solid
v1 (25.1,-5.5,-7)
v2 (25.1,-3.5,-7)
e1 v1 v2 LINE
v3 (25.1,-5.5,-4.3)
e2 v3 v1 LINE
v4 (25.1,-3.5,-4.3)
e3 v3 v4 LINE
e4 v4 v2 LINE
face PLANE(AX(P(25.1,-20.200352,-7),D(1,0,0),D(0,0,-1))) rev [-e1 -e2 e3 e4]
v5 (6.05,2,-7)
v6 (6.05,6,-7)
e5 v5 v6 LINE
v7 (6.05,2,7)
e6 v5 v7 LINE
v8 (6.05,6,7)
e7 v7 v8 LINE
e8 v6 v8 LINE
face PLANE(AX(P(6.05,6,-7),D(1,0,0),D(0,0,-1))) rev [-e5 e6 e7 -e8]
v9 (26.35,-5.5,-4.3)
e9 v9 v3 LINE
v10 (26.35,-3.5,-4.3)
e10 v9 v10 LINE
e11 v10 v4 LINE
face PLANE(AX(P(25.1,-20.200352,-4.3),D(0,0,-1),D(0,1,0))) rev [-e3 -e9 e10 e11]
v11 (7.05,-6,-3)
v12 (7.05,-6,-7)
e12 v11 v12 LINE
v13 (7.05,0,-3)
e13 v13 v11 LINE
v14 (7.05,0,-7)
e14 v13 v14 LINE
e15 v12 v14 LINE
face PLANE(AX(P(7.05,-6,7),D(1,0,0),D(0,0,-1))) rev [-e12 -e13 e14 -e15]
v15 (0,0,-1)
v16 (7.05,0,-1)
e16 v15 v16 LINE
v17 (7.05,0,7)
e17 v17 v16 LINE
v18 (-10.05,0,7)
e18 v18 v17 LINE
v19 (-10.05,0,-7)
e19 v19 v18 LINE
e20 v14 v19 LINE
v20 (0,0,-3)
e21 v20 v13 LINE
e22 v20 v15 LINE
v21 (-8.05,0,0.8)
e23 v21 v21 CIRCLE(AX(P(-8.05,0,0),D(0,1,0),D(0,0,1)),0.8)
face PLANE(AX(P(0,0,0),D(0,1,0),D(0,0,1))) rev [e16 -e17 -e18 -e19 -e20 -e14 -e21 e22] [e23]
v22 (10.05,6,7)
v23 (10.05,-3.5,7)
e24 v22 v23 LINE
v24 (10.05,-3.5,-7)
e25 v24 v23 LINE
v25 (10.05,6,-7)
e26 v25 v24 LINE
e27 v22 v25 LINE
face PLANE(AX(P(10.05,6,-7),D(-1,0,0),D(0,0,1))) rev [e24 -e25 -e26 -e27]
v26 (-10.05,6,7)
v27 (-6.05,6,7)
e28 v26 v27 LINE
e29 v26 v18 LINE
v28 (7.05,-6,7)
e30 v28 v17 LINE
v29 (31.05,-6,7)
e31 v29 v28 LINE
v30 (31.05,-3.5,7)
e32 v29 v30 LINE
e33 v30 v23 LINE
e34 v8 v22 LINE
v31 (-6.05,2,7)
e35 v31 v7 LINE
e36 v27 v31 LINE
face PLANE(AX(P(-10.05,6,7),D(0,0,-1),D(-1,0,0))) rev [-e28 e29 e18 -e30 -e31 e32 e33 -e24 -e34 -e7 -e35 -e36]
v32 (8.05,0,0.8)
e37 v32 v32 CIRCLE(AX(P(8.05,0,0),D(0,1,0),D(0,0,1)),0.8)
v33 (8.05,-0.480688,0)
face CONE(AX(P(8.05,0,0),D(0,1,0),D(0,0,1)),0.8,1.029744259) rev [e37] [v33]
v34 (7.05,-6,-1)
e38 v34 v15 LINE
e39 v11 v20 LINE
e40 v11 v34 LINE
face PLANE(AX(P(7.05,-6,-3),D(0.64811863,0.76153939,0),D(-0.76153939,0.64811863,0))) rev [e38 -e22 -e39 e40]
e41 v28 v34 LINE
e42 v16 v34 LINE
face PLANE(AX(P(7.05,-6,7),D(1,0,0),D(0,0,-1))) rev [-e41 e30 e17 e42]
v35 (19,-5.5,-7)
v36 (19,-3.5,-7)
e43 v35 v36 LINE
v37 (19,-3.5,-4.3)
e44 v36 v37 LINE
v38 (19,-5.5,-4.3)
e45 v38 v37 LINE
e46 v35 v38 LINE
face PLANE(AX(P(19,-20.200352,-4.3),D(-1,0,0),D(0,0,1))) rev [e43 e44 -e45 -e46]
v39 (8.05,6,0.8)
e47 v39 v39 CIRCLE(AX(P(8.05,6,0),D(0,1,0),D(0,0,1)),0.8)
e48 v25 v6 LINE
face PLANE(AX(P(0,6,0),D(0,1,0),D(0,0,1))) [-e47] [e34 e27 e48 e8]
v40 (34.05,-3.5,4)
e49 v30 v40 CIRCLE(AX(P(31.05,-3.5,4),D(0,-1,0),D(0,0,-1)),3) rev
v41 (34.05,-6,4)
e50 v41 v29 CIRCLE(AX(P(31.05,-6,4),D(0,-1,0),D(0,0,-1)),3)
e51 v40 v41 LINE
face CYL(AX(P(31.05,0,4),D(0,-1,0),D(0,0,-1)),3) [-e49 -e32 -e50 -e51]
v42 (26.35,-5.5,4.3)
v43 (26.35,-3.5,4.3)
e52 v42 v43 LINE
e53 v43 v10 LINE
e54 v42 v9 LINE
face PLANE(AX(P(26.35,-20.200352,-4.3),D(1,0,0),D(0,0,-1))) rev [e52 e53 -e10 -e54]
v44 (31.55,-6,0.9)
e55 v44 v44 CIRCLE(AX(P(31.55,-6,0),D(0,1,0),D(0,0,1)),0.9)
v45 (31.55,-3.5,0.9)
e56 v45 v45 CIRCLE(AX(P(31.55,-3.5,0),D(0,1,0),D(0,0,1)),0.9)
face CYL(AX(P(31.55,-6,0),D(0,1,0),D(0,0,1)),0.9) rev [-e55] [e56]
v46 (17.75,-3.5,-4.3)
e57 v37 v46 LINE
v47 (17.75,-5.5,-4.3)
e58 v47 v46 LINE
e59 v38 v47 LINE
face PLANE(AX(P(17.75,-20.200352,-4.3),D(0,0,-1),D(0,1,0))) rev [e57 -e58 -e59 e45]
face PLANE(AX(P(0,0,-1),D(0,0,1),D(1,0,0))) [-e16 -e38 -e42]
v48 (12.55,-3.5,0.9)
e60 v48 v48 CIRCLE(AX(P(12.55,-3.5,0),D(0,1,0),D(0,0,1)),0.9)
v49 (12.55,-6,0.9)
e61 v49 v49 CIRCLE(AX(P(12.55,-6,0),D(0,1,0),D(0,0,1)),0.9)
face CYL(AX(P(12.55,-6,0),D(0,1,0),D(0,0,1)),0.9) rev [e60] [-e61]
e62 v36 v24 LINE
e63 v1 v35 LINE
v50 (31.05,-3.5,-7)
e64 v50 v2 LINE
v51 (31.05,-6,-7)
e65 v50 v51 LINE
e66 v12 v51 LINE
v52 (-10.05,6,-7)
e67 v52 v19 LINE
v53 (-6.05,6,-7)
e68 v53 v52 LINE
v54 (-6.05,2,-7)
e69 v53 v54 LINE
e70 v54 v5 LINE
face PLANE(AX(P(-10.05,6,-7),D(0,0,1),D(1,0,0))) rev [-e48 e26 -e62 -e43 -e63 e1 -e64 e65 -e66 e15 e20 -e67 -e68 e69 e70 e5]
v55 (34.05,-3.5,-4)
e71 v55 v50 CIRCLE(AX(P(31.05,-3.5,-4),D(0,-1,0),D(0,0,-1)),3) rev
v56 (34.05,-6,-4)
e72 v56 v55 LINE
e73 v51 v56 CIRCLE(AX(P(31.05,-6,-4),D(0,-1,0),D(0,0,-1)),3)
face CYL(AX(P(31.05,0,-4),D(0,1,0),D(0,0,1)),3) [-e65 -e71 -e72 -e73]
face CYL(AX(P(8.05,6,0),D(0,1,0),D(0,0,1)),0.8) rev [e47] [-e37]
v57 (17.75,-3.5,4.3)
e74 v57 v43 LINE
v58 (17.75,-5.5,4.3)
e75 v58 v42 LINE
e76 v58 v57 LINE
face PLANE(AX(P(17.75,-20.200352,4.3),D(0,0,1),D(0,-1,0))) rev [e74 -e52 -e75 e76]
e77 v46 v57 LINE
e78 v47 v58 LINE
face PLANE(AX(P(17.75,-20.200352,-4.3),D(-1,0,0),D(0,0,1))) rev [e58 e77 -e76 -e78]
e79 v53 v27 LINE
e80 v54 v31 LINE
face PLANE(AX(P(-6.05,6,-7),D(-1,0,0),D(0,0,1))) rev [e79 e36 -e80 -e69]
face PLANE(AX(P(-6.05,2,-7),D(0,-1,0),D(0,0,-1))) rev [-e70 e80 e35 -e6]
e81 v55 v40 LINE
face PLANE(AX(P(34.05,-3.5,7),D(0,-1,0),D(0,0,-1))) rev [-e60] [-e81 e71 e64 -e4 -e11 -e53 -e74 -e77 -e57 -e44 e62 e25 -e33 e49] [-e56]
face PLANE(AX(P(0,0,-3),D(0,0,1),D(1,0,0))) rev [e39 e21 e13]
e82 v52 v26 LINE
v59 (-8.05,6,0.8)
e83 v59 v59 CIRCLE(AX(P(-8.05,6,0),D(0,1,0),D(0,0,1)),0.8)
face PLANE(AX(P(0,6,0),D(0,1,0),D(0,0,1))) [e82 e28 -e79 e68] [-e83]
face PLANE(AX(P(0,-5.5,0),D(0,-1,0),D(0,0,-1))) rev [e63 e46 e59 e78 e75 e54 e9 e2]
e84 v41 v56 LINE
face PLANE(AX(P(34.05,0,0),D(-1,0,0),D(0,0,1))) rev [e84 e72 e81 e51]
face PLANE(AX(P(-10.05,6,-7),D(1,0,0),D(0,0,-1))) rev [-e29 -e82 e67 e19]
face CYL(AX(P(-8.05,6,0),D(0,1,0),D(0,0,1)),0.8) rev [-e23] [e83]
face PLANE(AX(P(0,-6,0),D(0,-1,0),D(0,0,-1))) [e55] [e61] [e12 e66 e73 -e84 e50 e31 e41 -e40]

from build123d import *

# Parameters (mm, degrees)
SKETCH_4_W             = 20.1
SKETCH_4_H             = 14
EXTRUDE_3_DEPTH        = 6
SKETCH_5_W             = 12.1
SKETCH_5_H             = 4
CUT_EXTRUDE_1_DEPTH    = 19.24835609
SKETCH_6_W             = 3
SKETCH_6_H             = 14
EXTRUDE_4_DEPTH        = 6
EXTRUDE_START          = -6
EXTRUDE_5_DEPTH        = 2
SKETCH_8_W             = 14
SKETCH_8_H             = 2.5
EXTRUDE_6_DEPTH        = 24
CUT_EXTRUDE_2_DEPTH    = 2
SKETCH_10_R            = 0.9
CUT_EXTRUDE_3_DEPTH    = 37.036821447
FILLET_1_R             = 3
HOLE_WIZARD_M2_2_D     = 1.6
HOLE_WIZARD_M2_2_DEPTH = 6
HOLE_WIZARD_M2_2_TIP   = 0.480688495


with BuildPart() as part:
    # 草图4 → 凸台-拉伸3 (new body)
    with BuildSketch(Plane(origin=(0, 0, 0), x_dir=(1, 0, 0), z_dir=(0, 1, 0))):
        Rectangle(SKETCH_4_W, SKETCH_4_H)
    extrude(amount=EXTRUDE_3_DEPTH)

    # 草图5 → 切除-拉伸1 (cut, through all)
    with BuildSketch(Plane.XY.offset(7)):
        with Locations((0, 4)):
            Rectangle(SKETCH_5_W, SKETCH_5_H)
    extrude(amount=-CUT_EXTRUDE_1_DEPTH, mode=Mode.SUBTRACT)

    # 草图6 → 凸台-拉伸4 (add)
    with BuildSketch(Plane.XZ):
        with Locations((8.55, 0)):
            Rectangle(SKETCH_6_W, SKETCH_6_H)
    extrude(amount=EXTRUDE_4_DEPTH)

    # 草图7 → 凸台-拉伸5 (add)
    with BuildSketch(Plane(origin=(0, 0, -7), x_dir=(-1, 0, 0), z_dir=(0, 0, -1)).offset(EXTRUDE_START)):
        Polygon((-7.05, -6), (0, 0), (-7.05, 0), align=None)
    extrude(amount=EXTRUDE_5_DEPTH)

    # 草图8 → 凸台-拉伸6 (add)
    with BuildSketch(Plane(origin=(10.05, 0, 0), x_dir=(0, 0, -1), z_dir=(1, 0, 0))):
        with Locations((0, -4.75)):
            Rectangle(SKETCH_8_W, SKETCH_8_H)
    extrude(amount=EXTRUDE_6_DEPTH)

    # 草图9 → 切除-拉伸2 (cut)
    with BuildSketch(Plane(origin=(0, -3.5, 0), x_dir=(1, 0, 0), z_dir=(0, 1, 0))):
        Polygon((17.75, 4.3), (17.75, -4.3), (26.35, -4.3), (26.35, 4.3), (25.1, 4.3), (25.1, 7), (19, 7), (19, 4.3), align=None)
    extrude(amount=-CUT_EXTRUDE_2_DEPTH, mode=Mode.SUBTRACT)

    # 草图10 → 切除-拉伸3 (cut, through all)
    with BuildSketch(Plane(origin=(0, -3.5, 0), x_dir=(1, 0, 0), z_dir=(0, 1, 0))):
        with Locations(Location((12.55, 0, 0), (0, 0, 270))):
            Circle(SKETCH_10_R)
        with Locations(Location((31.55, 0, 0), (0, 0, 270))):
            Circle(SKETCH_10_R)
    extrude(amount=-CUT_EXTRUDE_3_DEPTH, mode=Mode.SUBTRACT)

    # 圆角1
    fillet_1_edges = [part.edges().sort_by_distance(p)[0] for p in [
        (34.05, -4.75, 7),
        (34.05, -4.75, -7),
    ]]
    fillet(fillet_1_edges, radius=FILLET_1_R)

    # M2 螺纹孔的螺纹孔钻头2
    with Locations(Plane(origin=(-8.05, 6, 0), x_dir=(0, 0, 1), z_dir=(0, 1, 0))):
        with Locations((0, 0), (0, 16.1)):
            Hole(HOLE_WIZARD_M2_2_D / 2, depth=HOLE_WIZARD_M2_2_DEPTH)
            with Locations((0, 0, -(HOLE_WIZARD_M2_2_DEPTH + HOLE_WIZARD_M2_2_TIP / 2))):  # 118° drill point
                Cone(0, HOLE_WIZARD_M2_2_D / 2, HOLE_WIZARD_M2_2_TIP, mode=Mode.SUBTRACT)


solid = part.part
